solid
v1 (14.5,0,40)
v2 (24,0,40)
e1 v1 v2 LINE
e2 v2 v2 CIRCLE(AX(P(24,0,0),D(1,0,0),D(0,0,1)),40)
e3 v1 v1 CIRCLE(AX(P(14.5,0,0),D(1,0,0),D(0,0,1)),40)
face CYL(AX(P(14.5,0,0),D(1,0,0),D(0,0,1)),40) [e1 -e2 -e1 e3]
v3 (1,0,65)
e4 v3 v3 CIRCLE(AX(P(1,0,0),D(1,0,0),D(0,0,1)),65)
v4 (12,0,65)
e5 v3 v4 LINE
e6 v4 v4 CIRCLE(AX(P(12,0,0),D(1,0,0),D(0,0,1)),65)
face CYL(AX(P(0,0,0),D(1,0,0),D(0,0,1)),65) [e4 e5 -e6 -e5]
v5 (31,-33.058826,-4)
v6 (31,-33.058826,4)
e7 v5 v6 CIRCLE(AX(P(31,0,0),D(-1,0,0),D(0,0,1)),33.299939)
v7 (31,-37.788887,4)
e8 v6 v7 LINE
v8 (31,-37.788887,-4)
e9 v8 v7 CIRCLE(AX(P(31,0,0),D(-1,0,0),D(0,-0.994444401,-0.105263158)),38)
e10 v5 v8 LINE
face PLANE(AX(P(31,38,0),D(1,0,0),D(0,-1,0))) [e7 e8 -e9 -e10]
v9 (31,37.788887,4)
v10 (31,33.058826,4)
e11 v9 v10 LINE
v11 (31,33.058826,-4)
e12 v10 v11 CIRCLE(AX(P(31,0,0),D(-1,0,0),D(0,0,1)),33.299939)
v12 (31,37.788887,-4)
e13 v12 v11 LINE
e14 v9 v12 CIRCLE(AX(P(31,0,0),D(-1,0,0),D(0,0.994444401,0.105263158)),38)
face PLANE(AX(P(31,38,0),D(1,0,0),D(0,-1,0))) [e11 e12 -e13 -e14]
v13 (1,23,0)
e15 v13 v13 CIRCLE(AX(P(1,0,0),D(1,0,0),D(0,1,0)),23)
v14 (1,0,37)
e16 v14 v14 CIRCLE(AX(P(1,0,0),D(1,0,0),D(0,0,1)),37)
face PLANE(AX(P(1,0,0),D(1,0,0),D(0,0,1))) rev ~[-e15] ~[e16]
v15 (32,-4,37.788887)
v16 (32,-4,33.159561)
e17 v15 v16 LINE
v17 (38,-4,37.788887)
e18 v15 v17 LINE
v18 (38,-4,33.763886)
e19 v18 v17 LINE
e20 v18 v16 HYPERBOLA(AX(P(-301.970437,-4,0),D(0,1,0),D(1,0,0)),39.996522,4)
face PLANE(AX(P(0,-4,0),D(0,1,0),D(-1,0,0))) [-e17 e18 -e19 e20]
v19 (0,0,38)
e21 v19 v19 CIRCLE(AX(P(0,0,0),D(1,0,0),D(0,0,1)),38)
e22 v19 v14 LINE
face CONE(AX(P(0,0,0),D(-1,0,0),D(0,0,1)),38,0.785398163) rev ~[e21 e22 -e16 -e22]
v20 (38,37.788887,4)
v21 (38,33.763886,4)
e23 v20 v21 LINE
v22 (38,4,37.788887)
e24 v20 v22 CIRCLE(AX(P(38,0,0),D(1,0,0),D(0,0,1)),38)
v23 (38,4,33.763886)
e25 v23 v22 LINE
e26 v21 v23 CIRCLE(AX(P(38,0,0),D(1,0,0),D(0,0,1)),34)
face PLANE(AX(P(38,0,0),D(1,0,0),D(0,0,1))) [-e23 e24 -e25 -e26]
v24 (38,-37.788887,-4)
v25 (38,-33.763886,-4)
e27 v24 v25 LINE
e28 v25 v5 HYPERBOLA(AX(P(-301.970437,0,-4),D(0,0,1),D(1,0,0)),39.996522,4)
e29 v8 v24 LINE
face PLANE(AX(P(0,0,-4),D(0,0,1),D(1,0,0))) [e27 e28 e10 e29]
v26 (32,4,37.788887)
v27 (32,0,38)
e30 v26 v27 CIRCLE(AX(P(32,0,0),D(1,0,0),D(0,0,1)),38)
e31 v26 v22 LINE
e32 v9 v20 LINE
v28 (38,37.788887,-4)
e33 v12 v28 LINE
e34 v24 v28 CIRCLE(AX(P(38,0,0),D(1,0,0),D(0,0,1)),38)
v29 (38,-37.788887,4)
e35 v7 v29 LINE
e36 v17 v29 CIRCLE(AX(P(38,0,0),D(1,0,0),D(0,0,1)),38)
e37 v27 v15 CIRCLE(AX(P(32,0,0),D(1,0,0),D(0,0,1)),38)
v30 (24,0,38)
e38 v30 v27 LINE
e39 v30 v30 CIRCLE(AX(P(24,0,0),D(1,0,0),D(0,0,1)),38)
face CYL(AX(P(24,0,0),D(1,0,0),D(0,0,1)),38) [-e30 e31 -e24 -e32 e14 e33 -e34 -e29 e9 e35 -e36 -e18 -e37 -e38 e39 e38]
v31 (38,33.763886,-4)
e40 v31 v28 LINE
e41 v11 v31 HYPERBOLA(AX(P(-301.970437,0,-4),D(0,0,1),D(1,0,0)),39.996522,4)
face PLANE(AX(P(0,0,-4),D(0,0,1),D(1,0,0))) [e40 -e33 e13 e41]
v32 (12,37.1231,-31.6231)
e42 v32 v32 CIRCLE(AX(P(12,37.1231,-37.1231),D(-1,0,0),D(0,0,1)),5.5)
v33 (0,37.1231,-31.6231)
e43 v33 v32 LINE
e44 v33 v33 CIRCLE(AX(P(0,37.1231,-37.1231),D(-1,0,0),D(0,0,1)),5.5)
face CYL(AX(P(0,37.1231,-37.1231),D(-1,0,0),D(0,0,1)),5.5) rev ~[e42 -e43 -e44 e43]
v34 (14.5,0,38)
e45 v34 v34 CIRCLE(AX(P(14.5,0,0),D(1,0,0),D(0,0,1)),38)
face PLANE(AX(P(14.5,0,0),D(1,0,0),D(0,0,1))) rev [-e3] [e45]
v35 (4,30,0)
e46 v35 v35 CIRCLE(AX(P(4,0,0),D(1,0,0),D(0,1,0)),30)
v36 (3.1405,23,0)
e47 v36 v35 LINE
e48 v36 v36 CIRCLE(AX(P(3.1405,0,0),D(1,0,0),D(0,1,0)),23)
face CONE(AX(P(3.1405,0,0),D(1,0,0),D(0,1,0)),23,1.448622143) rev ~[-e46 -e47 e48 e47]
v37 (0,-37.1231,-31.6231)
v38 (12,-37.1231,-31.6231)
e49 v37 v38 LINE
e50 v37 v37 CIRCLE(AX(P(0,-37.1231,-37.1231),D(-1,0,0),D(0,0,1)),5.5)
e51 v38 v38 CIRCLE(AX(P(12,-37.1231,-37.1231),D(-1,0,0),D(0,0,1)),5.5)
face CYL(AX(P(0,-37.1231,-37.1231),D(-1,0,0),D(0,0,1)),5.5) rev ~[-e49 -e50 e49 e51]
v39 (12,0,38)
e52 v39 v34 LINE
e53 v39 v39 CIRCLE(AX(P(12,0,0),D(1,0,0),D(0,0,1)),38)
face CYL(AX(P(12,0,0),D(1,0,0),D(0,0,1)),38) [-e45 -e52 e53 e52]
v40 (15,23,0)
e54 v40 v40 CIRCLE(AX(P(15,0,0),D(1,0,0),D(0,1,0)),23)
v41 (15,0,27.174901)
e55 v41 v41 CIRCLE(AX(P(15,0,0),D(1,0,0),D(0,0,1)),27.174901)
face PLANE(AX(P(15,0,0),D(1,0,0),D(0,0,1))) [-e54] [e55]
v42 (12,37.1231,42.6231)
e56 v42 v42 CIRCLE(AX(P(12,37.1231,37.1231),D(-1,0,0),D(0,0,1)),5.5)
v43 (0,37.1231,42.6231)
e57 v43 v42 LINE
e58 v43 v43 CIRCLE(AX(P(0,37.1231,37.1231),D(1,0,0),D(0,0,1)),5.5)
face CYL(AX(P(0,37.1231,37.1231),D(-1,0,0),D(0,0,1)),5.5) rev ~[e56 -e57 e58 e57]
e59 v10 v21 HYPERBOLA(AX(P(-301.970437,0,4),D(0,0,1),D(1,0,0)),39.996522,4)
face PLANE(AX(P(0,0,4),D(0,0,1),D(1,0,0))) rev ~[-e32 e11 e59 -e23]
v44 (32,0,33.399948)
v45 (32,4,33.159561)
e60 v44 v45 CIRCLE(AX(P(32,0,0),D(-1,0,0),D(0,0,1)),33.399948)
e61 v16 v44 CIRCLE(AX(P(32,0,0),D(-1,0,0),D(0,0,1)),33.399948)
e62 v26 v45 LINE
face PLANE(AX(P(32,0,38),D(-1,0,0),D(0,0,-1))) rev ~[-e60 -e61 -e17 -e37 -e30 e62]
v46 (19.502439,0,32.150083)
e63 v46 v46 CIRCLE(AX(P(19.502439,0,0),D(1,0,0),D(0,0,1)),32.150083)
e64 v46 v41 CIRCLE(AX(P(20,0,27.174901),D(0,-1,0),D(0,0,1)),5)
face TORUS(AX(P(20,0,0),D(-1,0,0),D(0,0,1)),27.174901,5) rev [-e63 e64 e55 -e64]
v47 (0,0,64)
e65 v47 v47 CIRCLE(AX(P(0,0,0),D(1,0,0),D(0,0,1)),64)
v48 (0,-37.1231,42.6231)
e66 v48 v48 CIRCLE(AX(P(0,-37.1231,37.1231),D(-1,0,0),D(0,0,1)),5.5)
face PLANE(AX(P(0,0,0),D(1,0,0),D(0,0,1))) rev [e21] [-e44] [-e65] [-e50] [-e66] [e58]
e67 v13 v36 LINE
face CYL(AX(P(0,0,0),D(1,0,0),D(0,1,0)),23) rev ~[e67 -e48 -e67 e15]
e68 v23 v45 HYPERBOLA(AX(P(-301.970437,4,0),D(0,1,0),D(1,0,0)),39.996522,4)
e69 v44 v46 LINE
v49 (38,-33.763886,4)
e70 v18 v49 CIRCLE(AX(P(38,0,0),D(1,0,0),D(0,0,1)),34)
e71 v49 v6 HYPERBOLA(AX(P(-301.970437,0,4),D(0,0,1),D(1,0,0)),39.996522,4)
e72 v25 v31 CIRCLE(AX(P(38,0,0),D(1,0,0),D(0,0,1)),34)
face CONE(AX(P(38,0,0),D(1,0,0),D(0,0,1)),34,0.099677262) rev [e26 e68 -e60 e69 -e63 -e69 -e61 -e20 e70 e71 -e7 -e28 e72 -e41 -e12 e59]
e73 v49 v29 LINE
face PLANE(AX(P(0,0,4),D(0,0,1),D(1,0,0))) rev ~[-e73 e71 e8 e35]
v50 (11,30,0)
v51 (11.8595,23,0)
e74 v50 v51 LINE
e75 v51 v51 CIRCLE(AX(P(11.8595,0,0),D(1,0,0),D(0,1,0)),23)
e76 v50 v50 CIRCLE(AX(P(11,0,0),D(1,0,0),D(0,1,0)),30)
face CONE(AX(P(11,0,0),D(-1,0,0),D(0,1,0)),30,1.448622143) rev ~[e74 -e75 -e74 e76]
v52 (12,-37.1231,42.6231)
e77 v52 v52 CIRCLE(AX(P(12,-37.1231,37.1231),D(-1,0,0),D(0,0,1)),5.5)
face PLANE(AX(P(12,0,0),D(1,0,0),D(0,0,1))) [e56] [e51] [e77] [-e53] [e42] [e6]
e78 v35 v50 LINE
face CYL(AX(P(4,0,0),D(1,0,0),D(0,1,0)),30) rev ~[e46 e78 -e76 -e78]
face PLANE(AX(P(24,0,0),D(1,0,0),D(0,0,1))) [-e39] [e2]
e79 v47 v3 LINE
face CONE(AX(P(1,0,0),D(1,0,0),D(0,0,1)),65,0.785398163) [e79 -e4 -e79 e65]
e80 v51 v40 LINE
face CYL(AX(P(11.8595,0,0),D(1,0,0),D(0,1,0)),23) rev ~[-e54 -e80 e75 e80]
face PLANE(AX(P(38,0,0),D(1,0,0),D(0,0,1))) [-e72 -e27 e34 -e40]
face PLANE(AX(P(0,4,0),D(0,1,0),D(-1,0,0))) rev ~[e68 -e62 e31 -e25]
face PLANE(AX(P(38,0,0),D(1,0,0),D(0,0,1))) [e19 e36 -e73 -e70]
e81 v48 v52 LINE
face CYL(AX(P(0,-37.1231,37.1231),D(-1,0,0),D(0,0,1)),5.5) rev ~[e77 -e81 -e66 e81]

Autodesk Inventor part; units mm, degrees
ref_plane "YZ Plane" through (0, 0, 0) normal (1, 0, 0) x (0, 1, 0)
ref_plane "XZ Plane" through (0, 0, 0) normal (0, 1, 0) x (-1, 0, 0)
ref_plane "XY Plane" through (0, 0, 0) normal (0, 0, 1) x (1, 0, 0)
sketch "草图1" plane through (0, 0, 0) normal (0, 1, 0) x (-1, 0, 0)
  line L0 (0, 65) -> (-12, 65)
  line L1 (-12, 65) -> (-12, 38)
  line L2 (-12, 38) -> (-14.5, 38)
  line L3 (-14.5, 38) -> (-14.5, 40)
  line L4 (-14.5, 40) -> (-24, 40)
  line L5 (-24, 40) -> (-24, 38)
  line L6 (-24, 38) -> (-38, 38)
  line L7 (-38, 38) -> (-38, 0)
  line L8 (-38, 0) -> (0, 0)
  line L9 (0, 0) -> (0, 65)
  line L10 (0, 38) -> (-1, 37)
  line L11 (-1, 37) -> (-1, 0)
  line L12 (-38, 34) -> (-15, 31.6998)
  line L13 (-15, 31.6998) -> (-15, 0)
  line L14 (7.6, 0) -> (-45.6, 0) projected
  dimension "d2" = 65
  dimension "d4" = 26
  dimension "d5" = 12
  dimension "d6" = 40
  dimension "d7" = 38
  dimension "d8" = 12
  dimension "d9" = 2.5
  dimension "d10" = 38
  dimension "d11" = 45
  dimension "d12" = 1
  dimension "d13" = 15
  dimension "d14" = 34
  dimension "d15" = 84.289
revolve "旋转1" add sketch "草图1" angle 360 about axis through (-10, 0, 0) along (1, 0, 0) contours L9 L10 L11 L8 L13 L12 L7 L6 L5 L4 L3 L2 L1 L0
sketch "草图2" plane through (0, 0, 0) normal (0, 1, 0) x (-1, 0, 0)
  line L0 (-24, 38) -> (-38, 38) projected
  line L1 (-39, 38) -> (-32, 38)
  line L2 (-32, 38) -> (-32, -20)
  line L3 (-32, -20) -> (-39, -20)
  line L4 (-39, -20) -> (-39, 38)
  point P0 (0, 0)
  dimension "d17" = 7
extrude "拉伸1" cut sketch "草图2" along normal mid plane 8
sketch "草图3" plane through (0, 0, 0) normal (0, 0, 1) x (1, 0, 0)
  line L0 (38, 4) -> (38, 38) projected
  line L1 (24, -38) -> (38, -38) projected
  line L2 (38, 38) -> (31, 38)
  line L3 (31, 38) -> (31, -38)
  line L4 (31, -38) -> (38, -38)
  line L5 (38, -38) -> (38, 38)
  point P0 (0, 0)
  point P1 (38, -4)
  dimension "d20" = 7
extrude "拉伸2" cut sketch "草图3" along normal mid plane 8
sketch "草图4" plane through (0, 0, 0) normal (-1, 0, 0) x (0, 0, 1)
  circle A0 centre (37.1231, 37.1231) radius 5.5
  circle A1 centre (-37.1231, 37.1231) radius 5.5
  circle A2 centre (-37.1231, -37.1231) radius 5.5
  circle A3 centre (37.1231, -37.1231) radius 5.5
  line L0 (37.1231, 37.1231) -> (0, 0)
  line L1 (0, -91) -> (0, 91) projected
  dimension "d23" = 11
  dimension "d24" = 52.5
  dimension "d27" = 360
  dimension "d42" = 45
extrude "拉伸3" cut sketch "草图4" against normal up to surface (12 mm away)
chamfer "倒角1" distance 1 angle 45 1 edges at (0, 0, -65)
fillet "圆角1" radius 5 1 edges at (15, 0, -31.6998)
sketch "草图5" plane through (0, 0, 0) normal (0, 0, 1) x (1, 0, 0)
  line L0 (0, -38) -> (0, 38) projected
  line L1 (0, 23) -> (3.1405, 23)
  line L2 (3.1405, 23) -> (4, 30)
  line L3 (4, 30) -> (11, 30)
  line L4 (11, 30) -> (11.8595, 23)
  line L5 (11.8595, 23) -> (15, 23)
  line L6 (15, 27.1749) -> (15, -27.1749) projected
  line L7 (0, 23) -> (0, 0)
  line L8 (0, 0) -> (15, 0)
  line L9 (15, 23) -> (15, 0)
  line L10 (-3, 0) -> (18, 0) projected
  point P0 (7.5, 30)
  dimension "d35" = 23
  dimension "d36" = 30
  dimension "d37" = 7
  dimension "d38" = 7
  dimension "d39" = 7
  dimension "d40" = 7.5
revolve "旋转2" cut sketch "草图5" angle 360 about axis through (-10, 0, 0) along (1, 0, 0)
equation "\"d2\" = 0.5 * D2"
equation "\"d4\" = M"
equation "\"d5\" = e"
equation "\"d6\" = 0.5 * D"
equation "\"d7\" = 0.5 * D_d"
equation "\"d8\" = e1"
equation "\"d10\" = 0.5 * D_d"
equation "\"d13\" = b1"
equation "\"d14\" = 0.5 * D4"
equation "\"d17\" = h_b"
equation "\"d18\" = b"
equation "\"d20\" = h_b"
equation "\"d21\" = b"
equation "\"d23\" = d0"
equation "\"d24\" = 0.5 * D0"
equation "\"d29\" = b"
equation "\"d35\" = 0.5 * d1"
equation "\"d36\" = 0.5 * d1_D0"
equation "\"d37\" = d1_b"
equation "\"d40\" = 0.5 * b1"
equation "\"d0\" = 11"
equation "\"D0\" = 105"
equation "\"D4\" = 68"
equation "\"D_d\" = 76"
equation "\"e\" = 12"
equation "\"e1\" = 12"
equation "\"b\" = 8"
equation "\"h_b\" = 7"
equation "\"M\" = 26"
equation "\"b1\" = 15"
equation "\"d1\" = 46"
equation "\"d1_b\" = 7"
equation "\"D2\" = 130"
equation "\"D\" = 80"
equation "\"d1_D0\" = 60"
properties part number "低速轴承透盖" material "灰口铁"
